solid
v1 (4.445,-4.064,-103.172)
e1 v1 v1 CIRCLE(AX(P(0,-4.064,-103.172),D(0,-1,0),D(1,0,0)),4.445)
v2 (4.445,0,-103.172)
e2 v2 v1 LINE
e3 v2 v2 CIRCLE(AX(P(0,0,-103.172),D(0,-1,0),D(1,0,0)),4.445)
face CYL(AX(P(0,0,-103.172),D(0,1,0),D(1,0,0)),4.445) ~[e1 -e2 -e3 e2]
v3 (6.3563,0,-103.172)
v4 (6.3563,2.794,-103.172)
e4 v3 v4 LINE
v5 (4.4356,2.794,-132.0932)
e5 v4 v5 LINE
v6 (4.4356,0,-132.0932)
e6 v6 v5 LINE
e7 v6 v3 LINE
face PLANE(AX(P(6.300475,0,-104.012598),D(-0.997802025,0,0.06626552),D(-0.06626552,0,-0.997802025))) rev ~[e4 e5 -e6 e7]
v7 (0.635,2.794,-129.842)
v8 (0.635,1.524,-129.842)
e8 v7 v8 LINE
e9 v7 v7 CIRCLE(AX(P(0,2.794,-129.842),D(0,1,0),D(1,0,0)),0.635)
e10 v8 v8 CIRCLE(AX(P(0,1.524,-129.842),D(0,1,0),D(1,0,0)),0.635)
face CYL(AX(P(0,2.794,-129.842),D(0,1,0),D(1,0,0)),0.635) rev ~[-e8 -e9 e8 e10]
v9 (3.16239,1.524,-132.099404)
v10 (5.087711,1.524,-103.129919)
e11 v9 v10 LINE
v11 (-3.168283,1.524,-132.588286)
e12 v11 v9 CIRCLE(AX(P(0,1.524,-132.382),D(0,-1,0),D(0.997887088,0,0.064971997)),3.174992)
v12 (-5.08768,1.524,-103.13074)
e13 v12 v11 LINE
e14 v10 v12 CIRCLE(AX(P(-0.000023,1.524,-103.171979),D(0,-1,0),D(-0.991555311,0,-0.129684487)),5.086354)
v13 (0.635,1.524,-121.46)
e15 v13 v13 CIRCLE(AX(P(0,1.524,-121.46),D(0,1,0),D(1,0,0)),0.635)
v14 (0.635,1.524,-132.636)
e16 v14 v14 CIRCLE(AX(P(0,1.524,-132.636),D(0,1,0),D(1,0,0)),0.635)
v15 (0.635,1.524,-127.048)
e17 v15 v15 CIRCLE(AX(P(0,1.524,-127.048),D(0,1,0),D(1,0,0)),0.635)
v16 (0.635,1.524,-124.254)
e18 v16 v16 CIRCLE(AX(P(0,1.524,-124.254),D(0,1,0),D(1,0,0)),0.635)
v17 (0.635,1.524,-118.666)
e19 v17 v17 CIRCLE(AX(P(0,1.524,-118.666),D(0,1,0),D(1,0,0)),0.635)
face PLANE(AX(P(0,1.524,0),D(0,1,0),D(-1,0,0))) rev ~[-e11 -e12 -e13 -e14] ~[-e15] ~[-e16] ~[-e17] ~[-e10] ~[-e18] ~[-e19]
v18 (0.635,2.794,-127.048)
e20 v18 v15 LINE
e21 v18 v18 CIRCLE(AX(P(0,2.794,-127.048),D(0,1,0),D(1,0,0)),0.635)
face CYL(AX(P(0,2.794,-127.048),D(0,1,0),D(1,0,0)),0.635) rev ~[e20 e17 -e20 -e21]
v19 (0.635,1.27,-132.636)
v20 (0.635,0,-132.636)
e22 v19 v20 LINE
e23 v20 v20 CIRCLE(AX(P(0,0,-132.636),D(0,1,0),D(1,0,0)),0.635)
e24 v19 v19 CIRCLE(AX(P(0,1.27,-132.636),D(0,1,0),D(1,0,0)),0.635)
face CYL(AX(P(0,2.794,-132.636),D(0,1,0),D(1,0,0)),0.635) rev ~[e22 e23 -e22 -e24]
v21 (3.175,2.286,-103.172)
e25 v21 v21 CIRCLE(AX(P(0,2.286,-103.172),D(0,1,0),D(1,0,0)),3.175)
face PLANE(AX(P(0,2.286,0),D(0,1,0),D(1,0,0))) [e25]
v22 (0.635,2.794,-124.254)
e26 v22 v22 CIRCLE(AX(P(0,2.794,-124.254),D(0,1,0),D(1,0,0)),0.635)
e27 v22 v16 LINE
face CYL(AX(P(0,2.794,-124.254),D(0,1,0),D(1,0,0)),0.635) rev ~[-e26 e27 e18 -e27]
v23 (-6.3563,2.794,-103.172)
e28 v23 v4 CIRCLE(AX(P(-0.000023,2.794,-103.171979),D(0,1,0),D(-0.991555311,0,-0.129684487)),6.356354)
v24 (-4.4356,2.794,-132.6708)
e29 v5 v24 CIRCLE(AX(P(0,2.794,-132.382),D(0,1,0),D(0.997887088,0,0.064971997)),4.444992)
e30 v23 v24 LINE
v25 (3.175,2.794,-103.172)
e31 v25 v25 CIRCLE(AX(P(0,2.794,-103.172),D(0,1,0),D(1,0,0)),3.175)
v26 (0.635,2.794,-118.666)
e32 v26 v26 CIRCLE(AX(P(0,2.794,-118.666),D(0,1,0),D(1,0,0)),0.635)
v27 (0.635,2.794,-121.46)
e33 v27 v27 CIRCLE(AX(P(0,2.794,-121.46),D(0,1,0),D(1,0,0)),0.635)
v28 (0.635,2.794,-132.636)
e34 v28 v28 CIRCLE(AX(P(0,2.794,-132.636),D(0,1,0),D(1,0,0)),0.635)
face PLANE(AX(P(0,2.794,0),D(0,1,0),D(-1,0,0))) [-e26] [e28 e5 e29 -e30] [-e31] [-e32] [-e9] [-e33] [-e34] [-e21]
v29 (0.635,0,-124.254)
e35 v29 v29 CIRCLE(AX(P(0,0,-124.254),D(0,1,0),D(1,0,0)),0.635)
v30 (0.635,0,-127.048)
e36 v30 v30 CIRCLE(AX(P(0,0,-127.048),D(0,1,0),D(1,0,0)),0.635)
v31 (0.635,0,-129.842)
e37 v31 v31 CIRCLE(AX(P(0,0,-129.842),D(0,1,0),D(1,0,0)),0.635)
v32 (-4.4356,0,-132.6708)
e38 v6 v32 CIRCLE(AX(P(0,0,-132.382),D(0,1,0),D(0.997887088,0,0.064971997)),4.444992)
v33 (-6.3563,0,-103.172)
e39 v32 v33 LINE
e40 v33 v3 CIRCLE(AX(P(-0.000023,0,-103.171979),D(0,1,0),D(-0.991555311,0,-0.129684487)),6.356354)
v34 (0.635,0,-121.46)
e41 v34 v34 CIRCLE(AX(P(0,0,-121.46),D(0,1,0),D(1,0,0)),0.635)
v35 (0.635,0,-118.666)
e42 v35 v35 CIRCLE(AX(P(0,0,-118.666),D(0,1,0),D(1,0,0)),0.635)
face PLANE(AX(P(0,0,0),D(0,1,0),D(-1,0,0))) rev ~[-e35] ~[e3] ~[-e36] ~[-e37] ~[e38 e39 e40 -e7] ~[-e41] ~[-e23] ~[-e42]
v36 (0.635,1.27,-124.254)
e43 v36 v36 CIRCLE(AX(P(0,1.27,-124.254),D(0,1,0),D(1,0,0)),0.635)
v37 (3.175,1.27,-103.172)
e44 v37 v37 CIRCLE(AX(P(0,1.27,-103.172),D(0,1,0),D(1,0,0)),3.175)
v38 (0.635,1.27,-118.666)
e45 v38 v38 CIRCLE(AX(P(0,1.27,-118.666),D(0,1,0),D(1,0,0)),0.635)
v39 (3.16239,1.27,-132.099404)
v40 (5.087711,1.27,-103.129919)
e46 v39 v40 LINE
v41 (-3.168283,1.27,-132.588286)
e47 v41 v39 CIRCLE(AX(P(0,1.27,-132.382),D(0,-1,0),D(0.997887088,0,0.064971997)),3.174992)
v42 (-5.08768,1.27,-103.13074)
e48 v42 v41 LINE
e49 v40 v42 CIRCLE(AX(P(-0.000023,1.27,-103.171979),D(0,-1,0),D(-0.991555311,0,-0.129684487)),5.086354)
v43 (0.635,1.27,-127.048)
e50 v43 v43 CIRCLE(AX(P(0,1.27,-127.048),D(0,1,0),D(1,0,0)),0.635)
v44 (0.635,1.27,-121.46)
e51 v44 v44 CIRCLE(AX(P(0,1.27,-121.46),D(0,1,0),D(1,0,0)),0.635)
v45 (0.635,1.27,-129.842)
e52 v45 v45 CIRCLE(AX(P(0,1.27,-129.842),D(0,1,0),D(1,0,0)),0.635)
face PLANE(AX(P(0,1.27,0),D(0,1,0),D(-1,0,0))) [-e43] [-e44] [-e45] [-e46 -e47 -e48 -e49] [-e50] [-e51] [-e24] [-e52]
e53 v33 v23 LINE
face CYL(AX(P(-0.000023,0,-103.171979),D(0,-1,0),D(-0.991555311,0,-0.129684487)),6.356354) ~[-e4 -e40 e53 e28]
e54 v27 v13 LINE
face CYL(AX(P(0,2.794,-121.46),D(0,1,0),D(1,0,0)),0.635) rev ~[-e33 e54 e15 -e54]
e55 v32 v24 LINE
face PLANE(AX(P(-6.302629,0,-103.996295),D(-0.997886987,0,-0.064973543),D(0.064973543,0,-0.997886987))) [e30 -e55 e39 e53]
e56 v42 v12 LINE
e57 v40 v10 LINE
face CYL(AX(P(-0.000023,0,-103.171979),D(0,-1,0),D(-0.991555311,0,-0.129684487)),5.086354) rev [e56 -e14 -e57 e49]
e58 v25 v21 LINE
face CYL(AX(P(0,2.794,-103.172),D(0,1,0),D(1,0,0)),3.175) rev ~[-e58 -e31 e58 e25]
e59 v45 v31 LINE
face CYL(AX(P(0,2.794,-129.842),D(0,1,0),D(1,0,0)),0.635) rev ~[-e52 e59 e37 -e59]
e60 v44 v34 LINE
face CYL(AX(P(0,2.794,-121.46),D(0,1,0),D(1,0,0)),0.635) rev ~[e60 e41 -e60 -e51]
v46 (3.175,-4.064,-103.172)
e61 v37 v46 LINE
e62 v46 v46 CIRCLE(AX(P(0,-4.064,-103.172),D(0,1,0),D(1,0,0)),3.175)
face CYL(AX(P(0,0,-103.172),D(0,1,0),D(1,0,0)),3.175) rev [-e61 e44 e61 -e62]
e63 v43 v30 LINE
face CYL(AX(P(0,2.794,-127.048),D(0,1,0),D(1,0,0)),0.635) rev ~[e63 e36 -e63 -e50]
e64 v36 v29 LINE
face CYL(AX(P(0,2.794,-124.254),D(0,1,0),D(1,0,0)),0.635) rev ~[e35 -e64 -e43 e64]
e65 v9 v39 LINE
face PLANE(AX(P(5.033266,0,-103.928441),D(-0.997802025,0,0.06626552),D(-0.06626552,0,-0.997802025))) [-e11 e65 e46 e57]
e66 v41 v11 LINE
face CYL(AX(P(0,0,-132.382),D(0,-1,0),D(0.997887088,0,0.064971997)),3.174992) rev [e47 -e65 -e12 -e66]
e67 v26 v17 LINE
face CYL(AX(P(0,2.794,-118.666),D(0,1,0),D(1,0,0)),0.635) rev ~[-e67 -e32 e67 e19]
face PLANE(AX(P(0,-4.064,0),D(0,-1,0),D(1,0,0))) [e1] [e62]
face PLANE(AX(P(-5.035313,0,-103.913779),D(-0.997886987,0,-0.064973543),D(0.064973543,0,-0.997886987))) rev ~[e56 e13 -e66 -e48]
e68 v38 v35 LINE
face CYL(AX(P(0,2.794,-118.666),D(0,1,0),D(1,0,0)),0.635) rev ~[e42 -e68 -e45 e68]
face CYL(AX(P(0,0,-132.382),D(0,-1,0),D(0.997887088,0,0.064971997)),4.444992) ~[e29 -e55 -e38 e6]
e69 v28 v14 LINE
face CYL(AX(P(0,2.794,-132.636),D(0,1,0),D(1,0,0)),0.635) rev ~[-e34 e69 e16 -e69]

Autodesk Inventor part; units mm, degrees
ref_plane "YZ Plane" through (0, 0, 0) normal (1, 0, 0) x (0, 1, 0)
ref_plane "XZ Plane" through (0, 0, 0) normal (0, 1, 0) x (-1, 0, 0)
ref_plane "XY Plane" through (0, 0, 0) normal (0, 0, 1) x (1, 0, 0)
sketch "Sketch1" plane through (0, 0, 0) normal (0, 1, 0) x (-1, 0, 0)
  arc A0 (6.3027, -103.9963) -> (-6.3005, -104.0126) centre (0, -103.172) ccw
  arc A1 (-4.4356, -132.0932) -> (4.4356, -132.6708) centre (0, -132.382) ccw
  line L0 (6.3563, -103.172) -> (4.4356, -132.6708)
  line L1 (-6.3563, -103.172) -> (-4.4356, -132.0932)
  point P0 (0, 0)
  dimension "d0" = 12.7127
  dimension "d1" = 8.89
  dimension "d2" = 29.21
extrude "Extrusion1" add sketch "Sketch1" along normal blind 2.794 contours L0 A1 L1 A0
sketch "Sketch2" plane through (0, 0, 0) normal (0, -1, 0) x (1, 0, 0)
  circle A0 centre (0, -103.172) radius 4.445
  arc A1 (6.3563, -103.172) -> (-6.3563, -103.172) centre (0, -103.172) ccw projected
  point P0 (0, 0)
  dimension "d5" = 8.89
  dimension "d6" = 0
extrude "Extrusion2" add sketch "Sketch2" along normal blind 4.064
shell "Shell1" thickness 1.27 removed faces 1 at (-0.8417, -4.064, -105.7685)
sketch "Sketch3" plane through (0, 2.794, 0) normal (0, 1, 0) x (1, 0, 0)
  circle A0 centre (0, 132.636) radius 0.635
  circle A1 centre (0, 129.842) radius 0.635
  circle A2 centre (0, 127.048) radius 0.635
  circle A3 centre (0, 124.254) radius 0.635
  circle A4 centre (0, 121.46) radius 0.635
  circle A5 centre (0, 118.666) radius 0.635
  arc A6 (4.4356, 132.0932) -> (-4.4356, 132.6708) centre (0, 132.382) ccw projected
  arc A7 (-6.3563, 103.172) -> (6.3563, 103.172) centre (0, 103.172) ccw projected
  point P0 (0, 0)
  dimension "d10" = 1.27
  dimension "d11" = 1.27
  dimension "d12" = 1.27
  dimension "d13" = 1.27
  dimension "d14" = 1.27
  dimension "d15" = 1.27
  dimension "d16" = 2.794
  dimension "d17" = 2.794
  dimension "d18" = 2.794
  dimension "d19" = 2.794
  dimension "d20" = 2.794
  dimension "d22" = 15.494
extrude "Extrusion3" cut sketch "Sketch3" against normal blind 4.064
sketch "Sketch4" plane through (0, 2.794, 0) normal (0, 1, 0) x (1, 0, 0)
  circle A0 centre (0, 103.172) radius 3.175 projected
  circle A1 centre (0, 103.172) radius 3.175
  point P0 (0, 0)
extrude "Extrusion4" cut sketch "Sketch4" against normal blind 0.508
equation "\"d11\" = d10"
equation "\"d12\" = d11"
equation "\"d13\" = d12"
equation "\"d14\" = d10"
equation "\"d15\" = d10"
equation "\"d17\" = d16"
equation "\"d18\" = d17"
equation "\"d19\" = d18"
equation "\"d20\" = d19"
properties part number "Servo Horn"
